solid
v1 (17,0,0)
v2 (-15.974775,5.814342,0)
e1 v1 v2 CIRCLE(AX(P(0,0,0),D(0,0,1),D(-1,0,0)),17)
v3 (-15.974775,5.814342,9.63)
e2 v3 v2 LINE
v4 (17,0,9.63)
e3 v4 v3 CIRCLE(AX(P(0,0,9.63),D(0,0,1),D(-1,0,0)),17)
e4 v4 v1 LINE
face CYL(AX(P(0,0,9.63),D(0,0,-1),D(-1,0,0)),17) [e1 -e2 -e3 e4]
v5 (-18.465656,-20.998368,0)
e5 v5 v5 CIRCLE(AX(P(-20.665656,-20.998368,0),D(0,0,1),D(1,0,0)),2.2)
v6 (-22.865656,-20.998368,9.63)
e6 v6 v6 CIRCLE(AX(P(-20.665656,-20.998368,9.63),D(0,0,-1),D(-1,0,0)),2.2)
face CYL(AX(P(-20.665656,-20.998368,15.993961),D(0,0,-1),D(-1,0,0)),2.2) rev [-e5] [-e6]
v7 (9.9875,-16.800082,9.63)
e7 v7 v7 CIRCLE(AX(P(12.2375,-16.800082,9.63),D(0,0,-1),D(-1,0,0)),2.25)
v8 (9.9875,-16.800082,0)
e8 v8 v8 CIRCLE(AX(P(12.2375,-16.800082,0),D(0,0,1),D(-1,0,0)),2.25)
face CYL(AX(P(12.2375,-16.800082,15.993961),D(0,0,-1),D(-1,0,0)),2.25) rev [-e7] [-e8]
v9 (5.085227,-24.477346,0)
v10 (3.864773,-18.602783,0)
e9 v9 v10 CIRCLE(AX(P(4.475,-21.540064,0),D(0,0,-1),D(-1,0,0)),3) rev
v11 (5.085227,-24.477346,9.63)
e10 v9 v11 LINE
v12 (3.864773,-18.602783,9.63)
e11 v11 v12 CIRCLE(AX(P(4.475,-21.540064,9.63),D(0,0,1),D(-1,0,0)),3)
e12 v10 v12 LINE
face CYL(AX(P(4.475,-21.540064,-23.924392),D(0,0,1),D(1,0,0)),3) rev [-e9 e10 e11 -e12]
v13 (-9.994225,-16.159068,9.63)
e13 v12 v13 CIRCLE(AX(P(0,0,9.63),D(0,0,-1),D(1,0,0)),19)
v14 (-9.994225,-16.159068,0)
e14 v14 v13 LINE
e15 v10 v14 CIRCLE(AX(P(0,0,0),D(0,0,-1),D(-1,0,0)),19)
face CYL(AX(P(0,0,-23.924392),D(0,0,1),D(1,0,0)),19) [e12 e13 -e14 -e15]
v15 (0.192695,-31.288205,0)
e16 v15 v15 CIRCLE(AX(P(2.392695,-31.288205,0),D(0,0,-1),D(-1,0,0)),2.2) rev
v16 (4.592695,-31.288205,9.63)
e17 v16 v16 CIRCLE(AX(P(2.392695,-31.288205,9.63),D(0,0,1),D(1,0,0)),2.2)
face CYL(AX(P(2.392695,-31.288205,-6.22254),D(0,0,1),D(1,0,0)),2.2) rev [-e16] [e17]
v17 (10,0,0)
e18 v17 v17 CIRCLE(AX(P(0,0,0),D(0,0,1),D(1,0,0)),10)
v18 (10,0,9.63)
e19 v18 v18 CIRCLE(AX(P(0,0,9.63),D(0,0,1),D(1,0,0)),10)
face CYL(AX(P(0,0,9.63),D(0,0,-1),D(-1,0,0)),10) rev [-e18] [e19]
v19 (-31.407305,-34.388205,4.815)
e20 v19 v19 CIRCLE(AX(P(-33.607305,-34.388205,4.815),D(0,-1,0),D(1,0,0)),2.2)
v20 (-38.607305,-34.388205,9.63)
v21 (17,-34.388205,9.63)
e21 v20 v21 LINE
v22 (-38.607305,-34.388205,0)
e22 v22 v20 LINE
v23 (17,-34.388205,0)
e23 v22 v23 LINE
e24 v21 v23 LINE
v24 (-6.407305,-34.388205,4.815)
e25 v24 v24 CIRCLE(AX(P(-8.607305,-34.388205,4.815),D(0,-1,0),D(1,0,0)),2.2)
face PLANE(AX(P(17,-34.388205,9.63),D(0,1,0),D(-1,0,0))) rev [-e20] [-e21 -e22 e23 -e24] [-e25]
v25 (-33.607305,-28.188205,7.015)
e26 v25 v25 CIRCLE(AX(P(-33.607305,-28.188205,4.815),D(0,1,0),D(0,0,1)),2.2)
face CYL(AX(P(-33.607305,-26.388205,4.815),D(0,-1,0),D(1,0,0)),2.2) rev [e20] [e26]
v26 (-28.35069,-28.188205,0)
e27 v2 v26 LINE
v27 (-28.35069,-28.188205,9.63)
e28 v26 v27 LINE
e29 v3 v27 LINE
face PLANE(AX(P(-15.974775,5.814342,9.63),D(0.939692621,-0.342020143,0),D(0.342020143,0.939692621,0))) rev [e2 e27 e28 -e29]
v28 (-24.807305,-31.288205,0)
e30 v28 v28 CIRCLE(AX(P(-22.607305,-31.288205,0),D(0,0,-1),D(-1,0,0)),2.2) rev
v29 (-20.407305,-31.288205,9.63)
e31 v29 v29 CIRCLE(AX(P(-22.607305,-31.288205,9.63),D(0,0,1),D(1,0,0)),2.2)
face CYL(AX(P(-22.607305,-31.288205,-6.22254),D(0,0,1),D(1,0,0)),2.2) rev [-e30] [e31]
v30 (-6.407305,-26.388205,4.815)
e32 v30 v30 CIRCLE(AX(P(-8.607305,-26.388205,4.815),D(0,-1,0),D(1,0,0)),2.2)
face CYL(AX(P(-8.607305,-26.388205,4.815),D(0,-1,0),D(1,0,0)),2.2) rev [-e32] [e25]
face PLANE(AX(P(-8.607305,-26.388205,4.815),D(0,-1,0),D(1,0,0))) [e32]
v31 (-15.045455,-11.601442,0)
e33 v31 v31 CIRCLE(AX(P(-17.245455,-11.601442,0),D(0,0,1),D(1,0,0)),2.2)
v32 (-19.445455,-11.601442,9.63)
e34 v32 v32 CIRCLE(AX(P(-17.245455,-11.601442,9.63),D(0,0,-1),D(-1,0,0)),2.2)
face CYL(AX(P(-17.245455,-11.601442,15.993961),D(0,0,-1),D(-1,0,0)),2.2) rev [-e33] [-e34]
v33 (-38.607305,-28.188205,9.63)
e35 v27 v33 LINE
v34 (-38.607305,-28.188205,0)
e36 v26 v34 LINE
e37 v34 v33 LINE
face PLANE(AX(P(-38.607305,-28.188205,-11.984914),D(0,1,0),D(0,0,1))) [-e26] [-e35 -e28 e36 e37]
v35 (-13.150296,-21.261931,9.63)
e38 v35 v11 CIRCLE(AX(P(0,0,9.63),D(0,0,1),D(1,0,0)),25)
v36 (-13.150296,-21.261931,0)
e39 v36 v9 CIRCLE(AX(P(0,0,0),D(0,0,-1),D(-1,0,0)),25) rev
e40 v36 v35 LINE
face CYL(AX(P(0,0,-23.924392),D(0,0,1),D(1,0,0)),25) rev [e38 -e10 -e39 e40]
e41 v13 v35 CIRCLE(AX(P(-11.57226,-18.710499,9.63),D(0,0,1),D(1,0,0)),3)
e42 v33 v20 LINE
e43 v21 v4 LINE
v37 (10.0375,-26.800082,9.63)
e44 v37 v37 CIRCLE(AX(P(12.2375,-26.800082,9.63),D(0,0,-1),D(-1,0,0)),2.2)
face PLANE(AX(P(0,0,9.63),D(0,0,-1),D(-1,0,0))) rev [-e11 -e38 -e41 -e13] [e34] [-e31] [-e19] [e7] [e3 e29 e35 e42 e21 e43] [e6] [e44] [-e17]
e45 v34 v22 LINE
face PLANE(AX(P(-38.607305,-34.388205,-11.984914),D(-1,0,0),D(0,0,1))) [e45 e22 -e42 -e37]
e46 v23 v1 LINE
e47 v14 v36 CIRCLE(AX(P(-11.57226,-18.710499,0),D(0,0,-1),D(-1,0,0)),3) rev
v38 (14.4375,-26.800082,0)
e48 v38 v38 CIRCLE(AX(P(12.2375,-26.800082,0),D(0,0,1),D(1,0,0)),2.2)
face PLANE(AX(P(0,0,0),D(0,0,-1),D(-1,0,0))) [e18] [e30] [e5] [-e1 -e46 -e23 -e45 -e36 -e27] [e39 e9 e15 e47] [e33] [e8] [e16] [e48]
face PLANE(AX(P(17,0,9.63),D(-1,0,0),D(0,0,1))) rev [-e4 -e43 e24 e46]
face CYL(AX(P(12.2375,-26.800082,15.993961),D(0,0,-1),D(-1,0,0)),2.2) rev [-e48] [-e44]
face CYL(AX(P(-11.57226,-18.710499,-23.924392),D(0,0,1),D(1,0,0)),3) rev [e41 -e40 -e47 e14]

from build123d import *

# Parameters (mm, degrees)
SKETCH1_R           = 10
EXTRUDE_3_8_DEPTH   = 9.63
SKETCH2_R           = 2.2
SKETCH2_R_2         = 2.25
M4_THROUGH_DEPTH    = 9.63
CUT_EXTRUDE2_DEPTH  = 9.63
BOSS_EXTRUDE2_DEPTH = 9.63
SKETCH5_R           = 2.2
M5_DRILL_DEPTH      = 8
SKETCH7_R           = 2.2
M4_THROUGH2_DEPTH   = 9.63


with BuildPart() as part:
    # Sketch1 → 3/8 (new body)
    with BuildSketch(Plane.XY):
        with BuildLine():
            Line((17, 0), (17, -34.388204953))
            Line((17, -34.388204953), (-30.607305145, -34.388204953))
            Line((-30.607305145, -34.388204953), (-15.974774553, 5.814342437))
            ThreePointArc((-15.974774553, 5.814342437), (2.95201902, 16.741731801), (17, 0))
        make_face()
        Circle(SKETCH1_R, mode=Mode.SUBTRACT)
    extrude(amount=EXTRUDE_3_8_DEPTH)

    # Sketch2 → M4_through (cut)
    with BuildSketch(Plane.XY):
        with Locations(Location((12.2375, -26.800082425, 0), (0, 0, 180))):
            Circle(SKETCH2_R)
        with Locations(Location((12.2375, -16.800082425, 0), (0, 0, 180))):
            Circle(SKETCH2_R_2)
        with Locations(Location((-20.665656479, -20.998368188, 0), (0, 0, 180))):
            Circle(SKETCH2_R)
        with Locations(Location((-17.245455046, -11.60144198, 0), (0, 0, 180))):
            Circle(SKETCH2_R)
    extrude(amount=M4_THROUGH_DEPTH, mode=Mode.SUBTRACT)

    # Sketch4 → Cut-Extrude2 (cut)
    with BuildSketch(Plane.XY.offset(9.63)):
        with BuildLine():
            ThreePointArc((-9.994224888, -16.159067699), (-3.299315376, -18.711347307), (3.864772727, -18.602782904))
            ThreePointArc((3.864772727, -18.602782904), (7.412281511, -20.929837142), (5.085227273, -24.477345926))
            ThreePointArc((5.085227273, -24.477345926), (-4.341204442, -24.620193825), (-13.150295905, -21.261931182))
            ThreePointArc((-13.150295905, -21.261931182), (-14.123692138, -17.132463932), (-9.994224888, -16.159067699))
        make_face()
    extrude(amount=-CUT_EXTRUDE2_DEPTH, mode=Mode.SUBTRACT)

    # Sketch6 → Boss-Extrude2 (add)
    with BuildSketch(Plane.XY.offset(9.63)):
        Polygon((-30.607305145, -34.388204953), (-38.607305145, -34.388204953), (-38.607305145, -28.188204953), (-28.350689692, -28.188204953), align=None)
    extrude(amount=-BOSS_EXTRUDE2_DEPTH)

    # Sketch5 → M5_DRILL (cut)
    with BuildSketch(Plane.XZ.offset(34.388204953)):
        with Locations((-33.607305145, 4.815)):
            Circle(SKETCH5_R)
        with Locations((-8.607305145, 4.815)):
            Circle(SKETCH5_R)
    extrude(amount=-M5_DRILL_DEPTH, mode=Mode.SUBTRACT)

    # Sketch7 → M4_through2 (cut)
    with BuildSketch(Plane.XY.offset(9.63)):
        with Locations((-22.607305145, -31.288204953)):
            Circle(SKETCH7_R)
        with Locations((2.392694855, -31.288204953)):
            Circle(SKETCH7_R)
    extrude(amount=-M4_THROUGH2_DEPTH, mode=Mode.SUBTRACT)


solid = part.part
